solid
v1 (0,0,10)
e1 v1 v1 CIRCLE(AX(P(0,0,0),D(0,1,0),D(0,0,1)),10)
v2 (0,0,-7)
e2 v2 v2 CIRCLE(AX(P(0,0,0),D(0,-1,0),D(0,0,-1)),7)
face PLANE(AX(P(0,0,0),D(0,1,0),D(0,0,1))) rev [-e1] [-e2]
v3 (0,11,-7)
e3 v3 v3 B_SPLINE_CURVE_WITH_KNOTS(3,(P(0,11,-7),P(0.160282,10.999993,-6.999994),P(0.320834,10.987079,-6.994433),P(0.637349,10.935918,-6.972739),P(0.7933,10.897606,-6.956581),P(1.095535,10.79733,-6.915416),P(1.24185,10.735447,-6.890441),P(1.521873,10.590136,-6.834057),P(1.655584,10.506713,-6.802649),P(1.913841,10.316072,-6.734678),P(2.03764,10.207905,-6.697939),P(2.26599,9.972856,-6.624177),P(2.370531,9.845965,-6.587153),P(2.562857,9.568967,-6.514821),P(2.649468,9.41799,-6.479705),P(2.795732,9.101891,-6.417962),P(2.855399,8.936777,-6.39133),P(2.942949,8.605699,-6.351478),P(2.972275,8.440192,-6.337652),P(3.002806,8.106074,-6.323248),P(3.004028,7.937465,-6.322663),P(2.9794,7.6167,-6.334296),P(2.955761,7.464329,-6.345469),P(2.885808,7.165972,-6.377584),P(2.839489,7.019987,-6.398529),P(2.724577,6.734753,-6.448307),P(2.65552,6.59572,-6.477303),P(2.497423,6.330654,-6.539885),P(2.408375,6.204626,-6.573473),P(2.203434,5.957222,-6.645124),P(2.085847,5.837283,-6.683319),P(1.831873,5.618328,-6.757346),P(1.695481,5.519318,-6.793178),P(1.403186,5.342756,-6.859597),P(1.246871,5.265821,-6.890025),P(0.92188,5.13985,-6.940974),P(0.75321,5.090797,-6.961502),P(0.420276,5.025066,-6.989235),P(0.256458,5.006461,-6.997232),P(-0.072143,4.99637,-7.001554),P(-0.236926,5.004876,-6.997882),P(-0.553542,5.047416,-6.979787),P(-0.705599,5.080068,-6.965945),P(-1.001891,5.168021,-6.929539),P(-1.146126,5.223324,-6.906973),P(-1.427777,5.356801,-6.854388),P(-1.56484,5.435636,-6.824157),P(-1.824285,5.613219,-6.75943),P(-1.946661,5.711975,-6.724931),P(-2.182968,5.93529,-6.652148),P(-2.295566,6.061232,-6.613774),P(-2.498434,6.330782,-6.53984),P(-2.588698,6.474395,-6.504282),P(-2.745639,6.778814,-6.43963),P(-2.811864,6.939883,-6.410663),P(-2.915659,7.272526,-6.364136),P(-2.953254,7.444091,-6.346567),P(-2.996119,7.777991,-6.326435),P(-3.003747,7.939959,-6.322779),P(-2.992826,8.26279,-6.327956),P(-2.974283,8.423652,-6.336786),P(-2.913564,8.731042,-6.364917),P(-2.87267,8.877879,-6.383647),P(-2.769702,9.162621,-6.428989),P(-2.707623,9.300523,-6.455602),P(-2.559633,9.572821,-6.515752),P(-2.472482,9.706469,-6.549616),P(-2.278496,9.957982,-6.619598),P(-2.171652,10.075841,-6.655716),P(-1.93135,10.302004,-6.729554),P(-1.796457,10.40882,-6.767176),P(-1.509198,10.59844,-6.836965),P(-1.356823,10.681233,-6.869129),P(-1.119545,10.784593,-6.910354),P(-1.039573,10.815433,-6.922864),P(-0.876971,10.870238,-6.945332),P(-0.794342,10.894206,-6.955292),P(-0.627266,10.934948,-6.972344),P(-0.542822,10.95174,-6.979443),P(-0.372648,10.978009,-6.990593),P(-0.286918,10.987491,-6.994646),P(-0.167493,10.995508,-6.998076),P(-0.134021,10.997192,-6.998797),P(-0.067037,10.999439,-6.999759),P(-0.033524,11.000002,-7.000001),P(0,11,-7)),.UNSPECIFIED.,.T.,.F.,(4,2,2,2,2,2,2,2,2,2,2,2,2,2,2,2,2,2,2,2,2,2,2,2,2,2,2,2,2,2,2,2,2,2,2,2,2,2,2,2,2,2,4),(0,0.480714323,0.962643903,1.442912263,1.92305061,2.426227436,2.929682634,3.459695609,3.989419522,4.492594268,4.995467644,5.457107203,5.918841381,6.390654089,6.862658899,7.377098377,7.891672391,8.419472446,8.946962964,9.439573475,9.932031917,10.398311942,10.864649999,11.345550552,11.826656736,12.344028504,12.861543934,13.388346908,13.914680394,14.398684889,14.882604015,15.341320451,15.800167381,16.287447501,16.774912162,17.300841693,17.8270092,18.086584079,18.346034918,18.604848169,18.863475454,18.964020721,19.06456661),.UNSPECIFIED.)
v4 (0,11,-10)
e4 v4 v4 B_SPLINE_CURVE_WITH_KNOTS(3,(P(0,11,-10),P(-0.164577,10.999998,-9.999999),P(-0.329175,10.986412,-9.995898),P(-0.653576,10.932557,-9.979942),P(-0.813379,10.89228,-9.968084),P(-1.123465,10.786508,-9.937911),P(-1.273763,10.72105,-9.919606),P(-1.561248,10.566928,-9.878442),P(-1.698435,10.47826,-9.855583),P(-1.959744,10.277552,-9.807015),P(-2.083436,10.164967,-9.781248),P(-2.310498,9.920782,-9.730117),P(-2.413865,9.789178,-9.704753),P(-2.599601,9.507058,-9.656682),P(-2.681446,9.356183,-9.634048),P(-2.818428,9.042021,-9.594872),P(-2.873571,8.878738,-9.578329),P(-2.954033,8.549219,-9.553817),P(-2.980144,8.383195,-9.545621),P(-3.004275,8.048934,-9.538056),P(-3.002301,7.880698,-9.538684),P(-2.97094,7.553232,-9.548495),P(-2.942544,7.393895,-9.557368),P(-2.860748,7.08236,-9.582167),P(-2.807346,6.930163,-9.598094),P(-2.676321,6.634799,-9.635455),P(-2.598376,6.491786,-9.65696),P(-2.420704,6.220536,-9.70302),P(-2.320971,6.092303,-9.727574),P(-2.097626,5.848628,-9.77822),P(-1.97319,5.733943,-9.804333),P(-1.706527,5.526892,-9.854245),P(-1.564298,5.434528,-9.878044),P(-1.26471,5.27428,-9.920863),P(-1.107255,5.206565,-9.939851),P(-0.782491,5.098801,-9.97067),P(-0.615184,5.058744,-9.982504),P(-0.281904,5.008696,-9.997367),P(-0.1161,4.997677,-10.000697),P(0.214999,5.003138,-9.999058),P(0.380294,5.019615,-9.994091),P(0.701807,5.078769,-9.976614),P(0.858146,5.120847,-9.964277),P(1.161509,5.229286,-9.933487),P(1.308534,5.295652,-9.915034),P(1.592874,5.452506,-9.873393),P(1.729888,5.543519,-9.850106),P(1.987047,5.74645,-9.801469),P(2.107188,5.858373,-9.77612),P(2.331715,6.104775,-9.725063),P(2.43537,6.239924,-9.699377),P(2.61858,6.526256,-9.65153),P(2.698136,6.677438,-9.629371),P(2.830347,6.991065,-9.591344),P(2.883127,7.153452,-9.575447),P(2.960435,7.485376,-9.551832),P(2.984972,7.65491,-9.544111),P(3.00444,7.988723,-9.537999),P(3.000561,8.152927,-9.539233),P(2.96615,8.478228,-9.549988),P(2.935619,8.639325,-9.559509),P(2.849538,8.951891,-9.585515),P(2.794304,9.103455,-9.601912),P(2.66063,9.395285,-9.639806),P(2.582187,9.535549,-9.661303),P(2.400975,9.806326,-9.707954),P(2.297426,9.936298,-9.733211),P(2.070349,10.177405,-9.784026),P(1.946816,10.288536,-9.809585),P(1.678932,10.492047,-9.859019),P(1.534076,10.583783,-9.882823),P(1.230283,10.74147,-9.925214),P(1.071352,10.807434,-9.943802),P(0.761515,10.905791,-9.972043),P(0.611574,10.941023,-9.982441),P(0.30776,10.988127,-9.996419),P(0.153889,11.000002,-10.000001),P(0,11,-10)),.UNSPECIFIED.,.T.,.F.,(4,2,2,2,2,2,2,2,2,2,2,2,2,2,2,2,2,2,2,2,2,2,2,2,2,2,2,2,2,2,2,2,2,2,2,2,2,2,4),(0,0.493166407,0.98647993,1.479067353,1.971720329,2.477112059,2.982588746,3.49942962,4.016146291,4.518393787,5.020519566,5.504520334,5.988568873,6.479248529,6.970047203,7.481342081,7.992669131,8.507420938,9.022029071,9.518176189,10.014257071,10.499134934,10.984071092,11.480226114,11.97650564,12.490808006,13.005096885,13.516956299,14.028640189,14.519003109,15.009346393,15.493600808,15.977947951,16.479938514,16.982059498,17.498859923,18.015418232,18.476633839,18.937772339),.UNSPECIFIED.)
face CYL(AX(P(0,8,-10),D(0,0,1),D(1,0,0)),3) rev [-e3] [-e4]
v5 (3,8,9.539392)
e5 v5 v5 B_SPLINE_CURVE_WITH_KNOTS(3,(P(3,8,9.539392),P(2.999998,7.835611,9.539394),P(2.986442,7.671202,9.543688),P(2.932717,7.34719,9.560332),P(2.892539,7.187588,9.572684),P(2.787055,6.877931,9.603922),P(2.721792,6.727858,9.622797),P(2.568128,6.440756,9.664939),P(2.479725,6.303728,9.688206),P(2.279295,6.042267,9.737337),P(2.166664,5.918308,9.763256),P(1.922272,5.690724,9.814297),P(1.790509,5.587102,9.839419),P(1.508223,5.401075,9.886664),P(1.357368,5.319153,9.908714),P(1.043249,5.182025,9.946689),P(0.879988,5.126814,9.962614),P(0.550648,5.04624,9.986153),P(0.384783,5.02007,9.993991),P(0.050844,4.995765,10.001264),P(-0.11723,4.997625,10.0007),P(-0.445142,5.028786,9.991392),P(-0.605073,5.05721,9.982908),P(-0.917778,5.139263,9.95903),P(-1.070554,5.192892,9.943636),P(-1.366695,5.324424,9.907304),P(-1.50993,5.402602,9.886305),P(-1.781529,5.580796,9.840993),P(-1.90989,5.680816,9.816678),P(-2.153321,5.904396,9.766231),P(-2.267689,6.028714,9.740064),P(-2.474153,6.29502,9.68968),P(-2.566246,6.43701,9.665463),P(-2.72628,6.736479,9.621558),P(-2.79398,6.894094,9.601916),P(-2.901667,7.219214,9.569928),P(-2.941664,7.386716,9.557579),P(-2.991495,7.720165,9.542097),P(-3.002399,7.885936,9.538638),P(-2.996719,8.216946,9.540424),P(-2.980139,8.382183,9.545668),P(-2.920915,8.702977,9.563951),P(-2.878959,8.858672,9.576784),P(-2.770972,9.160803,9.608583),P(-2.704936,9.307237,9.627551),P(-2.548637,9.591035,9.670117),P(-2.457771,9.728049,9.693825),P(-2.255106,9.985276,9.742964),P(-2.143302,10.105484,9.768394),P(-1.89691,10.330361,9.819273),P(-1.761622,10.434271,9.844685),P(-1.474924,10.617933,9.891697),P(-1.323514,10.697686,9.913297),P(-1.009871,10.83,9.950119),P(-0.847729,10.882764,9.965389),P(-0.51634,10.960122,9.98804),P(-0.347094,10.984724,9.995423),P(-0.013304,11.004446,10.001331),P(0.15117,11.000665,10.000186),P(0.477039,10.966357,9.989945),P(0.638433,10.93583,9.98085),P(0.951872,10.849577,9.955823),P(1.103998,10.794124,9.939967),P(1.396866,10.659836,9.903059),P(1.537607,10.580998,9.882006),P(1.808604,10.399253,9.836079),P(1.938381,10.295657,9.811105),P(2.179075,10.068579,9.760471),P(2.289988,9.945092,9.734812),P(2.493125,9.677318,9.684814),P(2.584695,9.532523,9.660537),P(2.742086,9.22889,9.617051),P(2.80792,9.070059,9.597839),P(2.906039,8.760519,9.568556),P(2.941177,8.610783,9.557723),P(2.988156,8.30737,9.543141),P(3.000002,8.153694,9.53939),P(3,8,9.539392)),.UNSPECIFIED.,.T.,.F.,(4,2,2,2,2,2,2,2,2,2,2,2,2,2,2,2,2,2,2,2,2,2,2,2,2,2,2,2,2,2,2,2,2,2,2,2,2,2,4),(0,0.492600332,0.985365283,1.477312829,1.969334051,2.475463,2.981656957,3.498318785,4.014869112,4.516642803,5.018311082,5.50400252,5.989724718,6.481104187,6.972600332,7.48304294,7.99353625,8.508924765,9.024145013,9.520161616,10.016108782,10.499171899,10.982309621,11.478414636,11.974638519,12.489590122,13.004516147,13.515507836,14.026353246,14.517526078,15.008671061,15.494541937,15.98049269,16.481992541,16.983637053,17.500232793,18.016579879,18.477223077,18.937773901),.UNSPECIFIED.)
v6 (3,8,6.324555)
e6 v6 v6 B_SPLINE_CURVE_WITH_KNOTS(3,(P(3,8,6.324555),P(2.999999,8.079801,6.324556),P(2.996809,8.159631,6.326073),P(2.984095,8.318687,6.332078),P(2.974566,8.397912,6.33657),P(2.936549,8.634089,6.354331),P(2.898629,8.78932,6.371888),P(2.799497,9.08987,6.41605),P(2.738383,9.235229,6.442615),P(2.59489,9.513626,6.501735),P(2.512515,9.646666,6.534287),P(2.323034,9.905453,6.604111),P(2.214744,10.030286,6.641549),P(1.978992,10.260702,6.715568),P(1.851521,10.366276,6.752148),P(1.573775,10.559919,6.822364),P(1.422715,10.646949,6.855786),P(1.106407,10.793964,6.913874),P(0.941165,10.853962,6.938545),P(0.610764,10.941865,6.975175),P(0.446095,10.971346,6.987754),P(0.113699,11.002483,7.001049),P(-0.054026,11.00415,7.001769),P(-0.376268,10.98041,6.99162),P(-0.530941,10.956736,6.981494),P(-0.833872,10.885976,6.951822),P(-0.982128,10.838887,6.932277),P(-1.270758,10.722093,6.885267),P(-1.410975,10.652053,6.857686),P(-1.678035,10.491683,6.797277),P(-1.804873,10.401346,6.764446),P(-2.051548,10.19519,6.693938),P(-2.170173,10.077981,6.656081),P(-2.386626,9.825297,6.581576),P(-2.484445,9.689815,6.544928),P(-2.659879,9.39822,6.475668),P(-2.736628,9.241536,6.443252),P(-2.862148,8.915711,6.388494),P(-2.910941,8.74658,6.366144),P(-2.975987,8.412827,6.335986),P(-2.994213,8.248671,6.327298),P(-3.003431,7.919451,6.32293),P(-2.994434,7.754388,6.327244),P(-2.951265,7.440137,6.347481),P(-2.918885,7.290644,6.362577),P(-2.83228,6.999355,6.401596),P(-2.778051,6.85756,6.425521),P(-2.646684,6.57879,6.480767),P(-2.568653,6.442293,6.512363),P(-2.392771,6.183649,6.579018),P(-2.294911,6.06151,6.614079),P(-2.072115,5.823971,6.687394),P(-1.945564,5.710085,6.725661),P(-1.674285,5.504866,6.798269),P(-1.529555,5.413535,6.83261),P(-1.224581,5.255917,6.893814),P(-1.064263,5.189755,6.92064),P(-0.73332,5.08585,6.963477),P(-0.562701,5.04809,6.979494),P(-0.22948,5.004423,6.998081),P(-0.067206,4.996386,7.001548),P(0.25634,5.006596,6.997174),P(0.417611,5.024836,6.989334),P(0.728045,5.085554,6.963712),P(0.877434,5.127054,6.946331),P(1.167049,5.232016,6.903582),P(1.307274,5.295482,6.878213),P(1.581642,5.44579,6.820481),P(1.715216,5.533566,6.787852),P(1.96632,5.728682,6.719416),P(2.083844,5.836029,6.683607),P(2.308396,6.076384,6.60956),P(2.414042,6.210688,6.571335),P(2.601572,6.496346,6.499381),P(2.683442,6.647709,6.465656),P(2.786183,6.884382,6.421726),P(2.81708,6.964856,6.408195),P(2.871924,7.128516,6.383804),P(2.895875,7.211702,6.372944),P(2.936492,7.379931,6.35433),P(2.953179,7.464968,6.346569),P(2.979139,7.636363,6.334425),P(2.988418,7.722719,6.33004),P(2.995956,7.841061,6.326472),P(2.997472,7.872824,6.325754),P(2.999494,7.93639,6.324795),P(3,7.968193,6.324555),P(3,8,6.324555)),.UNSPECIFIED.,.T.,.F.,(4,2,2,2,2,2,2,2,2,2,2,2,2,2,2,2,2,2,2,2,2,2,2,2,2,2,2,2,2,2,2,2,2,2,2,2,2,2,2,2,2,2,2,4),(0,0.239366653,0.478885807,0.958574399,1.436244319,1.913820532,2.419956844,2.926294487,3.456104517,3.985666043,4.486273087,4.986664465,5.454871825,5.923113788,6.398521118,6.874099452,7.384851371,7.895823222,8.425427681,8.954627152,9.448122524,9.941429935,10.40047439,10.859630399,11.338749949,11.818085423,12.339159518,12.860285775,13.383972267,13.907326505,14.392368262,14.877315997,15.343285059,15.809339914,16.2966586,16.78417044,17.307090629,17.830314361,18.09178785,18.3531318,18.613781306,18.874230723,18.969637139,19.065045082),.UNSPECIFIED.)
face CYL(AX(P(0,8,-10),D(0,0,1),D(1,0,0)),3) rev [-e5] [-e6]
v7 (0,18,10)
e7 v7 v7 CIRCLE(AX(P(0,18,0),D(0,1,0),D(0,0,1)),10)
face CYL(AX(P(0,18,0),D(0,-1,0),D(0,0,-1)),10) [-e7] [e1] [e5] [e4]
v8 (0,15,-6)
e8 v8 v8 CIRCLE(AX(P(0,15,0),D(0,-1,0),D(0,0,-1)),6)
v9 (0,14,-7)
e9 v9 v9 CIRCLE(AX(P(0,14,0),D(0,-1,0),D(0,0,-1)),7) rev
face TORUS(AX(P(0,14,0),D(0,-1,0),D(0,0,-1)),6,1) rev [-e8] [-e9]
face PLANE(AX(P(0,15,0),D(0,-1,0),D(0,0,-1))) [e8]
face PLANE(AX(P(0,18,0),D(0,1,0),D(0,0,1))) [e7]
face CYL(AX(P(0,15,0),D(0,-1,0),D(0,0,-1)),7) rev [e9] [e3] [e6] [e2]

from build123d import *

# Parameters (mm, degrees)
SKETCH1_R               = 10
BOSS_EXTRUDE1_DEPTH     = 18
SKETCH2_R               = 7
CUT_EXTRUDE1_DEPTH      = 15
CUT_EXTRUDE3_DEPTH      = 23.891046285
CUT_EXTRUDE3_DEPTH_BACK = 23.891046285
SKETCH4_R               = 3
FILLET1_R               = 1


with BuildPart() as part:
    # Sketch1 → Boss-Extrude1 (new body)
    with BuildSketch(Plane(origin=(0, 0, 0), x_dir=(1, 0, 0), z_dir=(0, 1, 0))):
        with Locations(Location((0, 0, 0), (0, 0, 270))):
            Circle(SKETCH1_R)
    extrude(amount=BOSS_EXTRUDE1_DEPTH)

    # Sketch2 → Cut-Extrude1 (cut)
    with BuildSketch(Plane(origin=(0, 0, 0), x_dir=(-1, 0, 0), z_dir=(0, -1, 0))):
        with Locations(Location((0, 0, 0), (0, 0, 90))):
            Circle(SKETCH2_R)
    extrude(amount=-CUT_EXTRUDE1_DEPTH, mode=Mode.SUBTRACT)

    # Sketch4 → Cut-Extrude3 (cut, two sides: drawn at the far end of the back side and taken through both)
    with BuildSketch(Plane.XY.offset(-CUT_EXTRUDE3_DEPTH_BACK)):
        with Locations((0, 8)):
            Circle(SKETCH4_R)
    extrude(amount=CUT_EXTRUDE3_DEPTH + CUT_EXTRUDE3_DEPTH_BACK, mode=Mode.SUBTRACT)

    # Fillet1
    fillet1_edges = [part.edges().sort_by_distance(p)[0] for p in [
        (0, 15, 7),
    ]]
    fillet(fillet1_edges, radius=FILLET1_R)


solid = part.part
